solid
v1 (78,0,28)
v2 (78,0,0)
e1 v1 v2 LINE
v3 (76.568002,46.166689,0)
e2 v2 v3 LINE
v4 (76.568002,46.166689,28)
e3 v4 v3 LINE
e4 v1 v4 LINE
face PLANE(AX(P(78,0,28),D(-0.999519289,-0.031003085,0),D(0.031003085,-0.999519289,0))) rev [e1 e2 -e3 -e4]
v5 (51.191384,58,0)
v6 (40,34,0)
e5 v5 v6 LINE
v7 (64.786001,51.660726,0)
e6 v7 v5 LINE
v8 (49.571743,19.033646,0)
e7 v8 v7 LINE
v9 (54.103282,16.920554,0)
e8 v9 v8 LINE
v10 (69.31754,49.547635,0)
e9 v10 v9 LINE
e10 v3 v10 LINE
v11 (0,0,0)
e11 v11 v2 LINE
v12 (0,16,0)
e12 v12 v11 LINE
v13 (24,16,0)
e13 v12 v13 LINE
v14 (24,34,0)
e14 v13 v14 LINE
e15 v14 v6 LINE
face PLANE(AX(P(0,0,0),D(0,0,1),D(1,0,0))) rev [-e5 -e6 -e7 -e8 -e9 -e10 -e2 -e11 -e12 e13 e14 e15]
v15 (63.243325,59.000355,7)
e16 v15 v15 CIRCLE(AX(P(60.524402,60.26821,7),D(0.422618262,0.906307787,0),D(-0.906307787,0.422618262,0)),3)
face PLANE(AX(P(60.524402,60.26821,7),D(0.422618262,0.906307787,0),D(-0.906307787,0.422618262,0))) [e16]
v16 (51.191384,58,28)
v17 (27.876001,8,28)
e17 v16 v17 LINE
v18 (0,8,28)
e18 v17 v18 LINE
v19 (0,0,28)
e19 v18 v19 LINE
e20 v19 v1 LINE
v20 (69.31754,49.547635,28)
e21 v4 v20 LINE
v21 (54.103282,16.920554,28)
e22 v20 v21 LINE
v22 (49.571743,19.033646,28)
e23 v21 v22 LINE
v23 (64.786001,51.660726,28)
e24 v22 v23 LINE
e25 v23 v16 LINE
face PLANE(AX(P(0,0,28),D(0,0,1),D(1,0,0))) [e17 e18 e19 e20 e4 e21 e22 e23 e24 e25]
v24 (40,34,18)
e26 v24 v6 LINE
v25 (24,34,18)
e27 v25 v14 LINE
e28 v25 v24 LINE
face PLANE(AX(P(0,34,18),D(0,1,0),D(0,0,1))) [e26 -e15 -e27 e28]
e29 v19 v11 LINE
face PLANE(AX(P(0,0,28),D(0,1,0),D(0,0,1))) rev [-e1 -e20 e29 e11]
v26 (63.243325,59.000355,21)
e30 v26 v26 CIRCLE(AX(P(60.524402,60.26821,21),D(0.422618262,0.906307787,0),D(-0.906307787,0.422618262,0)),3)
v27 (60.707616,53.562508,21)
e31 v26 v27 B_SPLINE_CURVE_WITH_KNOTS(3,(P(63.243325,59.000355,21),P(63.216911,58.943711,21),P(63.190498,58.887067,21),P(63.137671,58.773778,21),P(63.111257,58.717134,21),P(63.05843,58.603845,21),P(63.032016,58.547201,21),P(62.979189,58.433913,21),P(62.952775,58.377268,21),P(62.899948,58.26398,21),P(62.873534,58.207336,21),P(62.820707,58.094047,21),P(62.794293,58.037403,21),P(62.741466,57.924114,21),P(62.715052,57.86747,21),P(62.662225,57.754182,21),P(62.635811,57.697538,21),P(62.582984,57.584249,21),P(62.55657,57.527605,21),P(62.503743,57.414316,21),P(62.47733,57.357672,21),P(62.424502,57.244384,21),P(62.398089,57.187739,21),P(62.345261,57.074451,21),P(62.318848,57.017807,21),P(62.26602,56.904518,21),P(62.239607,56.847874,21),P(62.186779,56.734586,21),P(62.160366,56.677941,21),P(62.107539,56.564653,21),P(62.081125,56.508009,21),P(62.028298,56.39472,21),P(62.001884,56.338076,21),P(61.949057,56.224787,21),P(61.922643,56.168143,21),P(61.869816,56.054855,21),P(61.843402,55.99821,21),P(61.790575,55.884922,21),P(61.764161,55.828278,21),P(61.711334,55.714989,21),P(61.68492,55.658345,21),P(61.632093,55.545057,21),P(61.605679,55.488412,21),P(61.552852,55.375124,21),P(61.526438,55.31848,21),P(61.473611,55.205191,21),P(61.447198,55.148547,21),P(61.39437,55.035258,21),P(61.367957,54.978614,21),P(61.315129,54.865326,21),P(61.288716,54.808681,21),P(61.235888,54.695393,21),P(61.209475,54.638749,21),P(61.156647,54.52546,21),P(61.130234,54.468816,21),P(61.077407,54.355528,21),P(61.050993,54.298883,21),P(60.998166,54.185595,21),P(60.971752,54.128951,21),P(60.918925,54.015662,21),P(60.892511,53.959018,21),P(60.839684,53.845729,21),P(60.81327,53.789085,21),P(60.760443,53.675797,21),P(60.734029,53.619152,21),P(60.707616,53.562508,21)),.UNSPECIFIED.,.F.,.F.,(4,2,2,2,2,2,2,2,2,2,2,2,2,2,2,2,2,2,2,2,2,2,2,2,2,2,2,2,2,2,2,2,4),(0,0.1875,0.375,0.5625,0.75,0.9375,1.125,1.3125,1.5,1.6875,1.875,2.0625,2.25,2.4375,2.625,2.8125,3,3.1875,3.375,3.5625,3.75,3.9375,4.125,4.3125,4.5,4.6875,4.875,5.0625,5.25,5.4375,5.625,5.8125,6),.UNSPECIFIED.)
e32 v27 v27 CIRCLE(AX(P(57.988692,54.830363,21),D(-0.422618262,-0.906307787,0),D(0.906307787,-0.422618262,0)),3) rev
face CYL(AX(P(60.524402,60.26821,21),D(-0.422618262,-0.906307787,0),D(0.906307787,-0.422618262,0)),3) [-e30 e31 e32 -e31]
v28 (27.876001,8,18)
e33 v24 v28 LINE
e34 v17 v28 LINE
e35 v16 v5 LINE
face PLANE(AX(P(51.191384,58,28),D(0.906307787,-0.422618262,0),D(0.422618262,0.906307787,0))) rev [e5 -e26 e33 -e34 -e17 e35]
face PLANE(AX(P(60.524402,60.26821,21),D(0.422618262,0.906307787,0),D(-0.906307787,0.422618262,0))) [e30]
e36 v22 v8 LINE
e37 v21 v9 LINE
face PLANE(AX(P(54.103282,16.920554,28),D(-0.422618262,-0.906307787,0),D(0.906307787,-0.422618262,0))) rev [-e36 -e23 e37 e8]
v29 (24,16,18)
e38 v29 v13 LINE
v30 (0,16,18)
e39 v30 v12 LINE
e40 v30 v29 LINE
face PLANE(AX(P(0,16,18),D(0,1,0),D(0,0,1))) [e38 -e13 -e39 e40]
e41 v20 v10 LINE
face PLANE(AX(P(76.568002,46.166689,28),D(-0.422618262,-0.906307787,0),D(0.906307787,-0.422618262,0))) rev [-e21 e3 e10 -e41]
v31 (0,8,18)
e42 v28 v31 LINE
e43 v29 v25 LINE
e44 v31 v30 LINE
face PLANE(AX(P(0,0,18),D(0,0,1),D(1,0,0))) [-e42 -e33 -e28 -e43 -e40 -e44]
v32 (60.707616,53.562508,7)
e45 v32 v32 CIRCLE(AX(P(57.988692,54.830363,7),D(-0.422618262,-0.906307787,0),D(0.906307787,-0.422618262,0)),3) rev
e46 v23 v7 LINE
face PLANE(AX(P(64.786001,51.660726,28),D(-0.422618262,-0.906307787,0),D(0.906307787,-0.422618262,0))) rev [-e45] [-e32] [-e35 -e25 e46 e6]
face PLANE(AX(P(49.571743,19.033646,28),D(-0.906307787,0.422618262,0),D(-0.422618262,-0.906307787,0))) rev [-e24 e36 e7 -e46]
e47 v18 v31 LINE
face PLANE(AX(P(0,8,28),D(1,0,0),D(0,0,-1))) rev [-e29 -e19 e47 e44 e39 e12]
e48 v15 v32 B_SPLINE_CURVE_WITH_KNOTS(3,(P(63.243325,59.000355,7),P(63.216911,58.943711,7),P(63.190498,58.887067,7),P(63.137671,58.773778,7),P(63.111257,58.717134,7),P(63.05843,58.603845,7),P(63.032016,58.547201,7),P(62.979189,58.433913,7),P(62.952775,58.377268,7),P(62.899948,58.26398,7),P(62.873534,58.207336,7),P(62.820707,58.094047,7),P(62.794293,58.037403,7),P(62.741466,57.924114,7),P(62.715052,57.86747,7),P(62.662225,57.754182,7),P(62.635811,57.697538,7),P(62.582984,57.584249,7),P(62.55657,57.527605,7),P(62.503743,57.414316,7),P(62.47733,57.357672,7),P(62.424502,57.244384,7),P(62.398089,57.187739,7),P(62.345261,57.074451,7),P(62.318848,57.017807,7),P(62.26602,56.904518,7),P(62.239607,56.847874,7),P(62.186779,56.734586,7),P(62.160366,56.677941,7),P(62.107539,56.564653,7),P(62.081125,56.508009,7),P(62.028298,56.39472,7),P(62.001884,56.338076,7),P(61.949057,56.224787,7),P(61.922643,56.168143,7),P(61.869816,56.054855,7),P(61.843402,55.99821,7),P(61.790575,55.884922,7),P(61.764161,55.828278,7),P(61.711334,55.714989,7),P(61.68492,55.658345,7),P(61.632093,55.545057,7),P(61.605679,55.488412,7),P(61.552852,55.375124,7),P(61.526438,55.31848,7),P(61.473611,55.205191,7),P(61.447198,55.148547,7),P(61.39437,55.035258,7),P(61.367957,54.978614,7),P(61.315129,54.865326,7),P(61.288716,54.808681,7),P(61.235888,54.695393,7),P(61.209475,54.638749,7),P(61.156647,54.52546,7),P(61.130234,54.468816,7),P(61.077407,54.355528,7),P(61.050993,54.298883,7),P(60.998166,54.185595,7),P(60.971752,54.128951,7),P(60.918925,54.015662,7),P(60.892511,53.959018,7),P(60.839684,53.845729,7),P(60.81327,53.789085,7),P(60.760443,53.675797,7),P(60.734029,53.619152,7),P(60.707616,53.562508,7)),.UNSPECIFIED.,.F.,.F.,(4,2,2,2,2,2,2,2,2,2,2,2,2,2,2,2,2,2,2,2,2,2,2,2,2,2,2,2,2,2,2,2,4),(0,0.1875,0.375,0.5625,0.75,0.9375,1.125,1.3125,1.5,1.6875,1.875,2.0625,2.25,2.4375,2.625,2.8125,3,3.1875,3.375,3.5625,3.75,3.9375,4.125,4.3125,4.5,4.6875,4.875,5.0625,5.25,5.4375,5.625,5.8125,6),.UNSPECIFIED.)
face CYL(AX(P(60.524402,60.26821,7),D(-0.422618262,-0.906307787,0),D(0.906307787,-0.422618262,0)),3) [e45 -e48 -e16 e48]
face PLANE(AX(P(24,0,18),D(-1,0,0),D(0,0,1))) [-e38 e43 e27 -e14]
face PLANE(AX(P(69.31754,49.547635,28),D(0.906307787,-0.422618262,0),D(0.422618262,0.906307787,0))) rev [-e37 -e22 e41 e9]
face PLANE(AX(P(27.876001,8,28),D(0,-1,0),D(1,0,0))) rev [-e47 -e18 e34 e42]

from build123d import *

# Parameters (mm, degrees)
BOSS_EXTRUDE1_DEPTH = 28
BOSS_EXTRUDE2_DEPTH = 18
SKETCH2_R           = 3
BOSS_EXTRUDE3_DEPTH = 6


with BuildPart() as part:
    # Sketch1 → Boss-Extrude1 (new body)
    with BuildSketch(Plane.XY):
        Polygon((0, 0), (78, 0), (76.568001833, 46.166688671), (69.317539536, 49.547634765), (54.103282114, 16.920554432), (49.571743179, 19.033645741), (64.786000601, 51.660726074), (51.191383796, 58), (27.876000888, 8), (0, 8), align=None)
    extrude(amount=BOSS_EXTRUDE1_DEPTH)

    # Sketch1<3> → Boss-Extrude2 (add)
    with BuildSketch(Plane.XY):
        Polygon((0, 16), (0, 8), (27.876000888, 8), (40, 34), (24, 34), (24, 16), align=None)
    extrude(amount=BOSS_EXTRUDE2_DEPTH)

    # Sketch2 → Boss-Extrude3 (add)
    with BuildSketch(Plane(origin=(31.358387135, 67.248278227, 0), x_dir=(0.9063077870366482, -0.4226182617407034, 0), z_dir=(0.4226182617407034, 0.9063077870366482, 0))):
        with Locations((29.383290582, -7)):
            Circle(SKETCH2_R)
        with Locations((29.383290582, -21)):
            Circle(SKETCH2_R)
    extrude(amount=BOSS_EXTRUDE3_DEPTH)


solid = part.part
